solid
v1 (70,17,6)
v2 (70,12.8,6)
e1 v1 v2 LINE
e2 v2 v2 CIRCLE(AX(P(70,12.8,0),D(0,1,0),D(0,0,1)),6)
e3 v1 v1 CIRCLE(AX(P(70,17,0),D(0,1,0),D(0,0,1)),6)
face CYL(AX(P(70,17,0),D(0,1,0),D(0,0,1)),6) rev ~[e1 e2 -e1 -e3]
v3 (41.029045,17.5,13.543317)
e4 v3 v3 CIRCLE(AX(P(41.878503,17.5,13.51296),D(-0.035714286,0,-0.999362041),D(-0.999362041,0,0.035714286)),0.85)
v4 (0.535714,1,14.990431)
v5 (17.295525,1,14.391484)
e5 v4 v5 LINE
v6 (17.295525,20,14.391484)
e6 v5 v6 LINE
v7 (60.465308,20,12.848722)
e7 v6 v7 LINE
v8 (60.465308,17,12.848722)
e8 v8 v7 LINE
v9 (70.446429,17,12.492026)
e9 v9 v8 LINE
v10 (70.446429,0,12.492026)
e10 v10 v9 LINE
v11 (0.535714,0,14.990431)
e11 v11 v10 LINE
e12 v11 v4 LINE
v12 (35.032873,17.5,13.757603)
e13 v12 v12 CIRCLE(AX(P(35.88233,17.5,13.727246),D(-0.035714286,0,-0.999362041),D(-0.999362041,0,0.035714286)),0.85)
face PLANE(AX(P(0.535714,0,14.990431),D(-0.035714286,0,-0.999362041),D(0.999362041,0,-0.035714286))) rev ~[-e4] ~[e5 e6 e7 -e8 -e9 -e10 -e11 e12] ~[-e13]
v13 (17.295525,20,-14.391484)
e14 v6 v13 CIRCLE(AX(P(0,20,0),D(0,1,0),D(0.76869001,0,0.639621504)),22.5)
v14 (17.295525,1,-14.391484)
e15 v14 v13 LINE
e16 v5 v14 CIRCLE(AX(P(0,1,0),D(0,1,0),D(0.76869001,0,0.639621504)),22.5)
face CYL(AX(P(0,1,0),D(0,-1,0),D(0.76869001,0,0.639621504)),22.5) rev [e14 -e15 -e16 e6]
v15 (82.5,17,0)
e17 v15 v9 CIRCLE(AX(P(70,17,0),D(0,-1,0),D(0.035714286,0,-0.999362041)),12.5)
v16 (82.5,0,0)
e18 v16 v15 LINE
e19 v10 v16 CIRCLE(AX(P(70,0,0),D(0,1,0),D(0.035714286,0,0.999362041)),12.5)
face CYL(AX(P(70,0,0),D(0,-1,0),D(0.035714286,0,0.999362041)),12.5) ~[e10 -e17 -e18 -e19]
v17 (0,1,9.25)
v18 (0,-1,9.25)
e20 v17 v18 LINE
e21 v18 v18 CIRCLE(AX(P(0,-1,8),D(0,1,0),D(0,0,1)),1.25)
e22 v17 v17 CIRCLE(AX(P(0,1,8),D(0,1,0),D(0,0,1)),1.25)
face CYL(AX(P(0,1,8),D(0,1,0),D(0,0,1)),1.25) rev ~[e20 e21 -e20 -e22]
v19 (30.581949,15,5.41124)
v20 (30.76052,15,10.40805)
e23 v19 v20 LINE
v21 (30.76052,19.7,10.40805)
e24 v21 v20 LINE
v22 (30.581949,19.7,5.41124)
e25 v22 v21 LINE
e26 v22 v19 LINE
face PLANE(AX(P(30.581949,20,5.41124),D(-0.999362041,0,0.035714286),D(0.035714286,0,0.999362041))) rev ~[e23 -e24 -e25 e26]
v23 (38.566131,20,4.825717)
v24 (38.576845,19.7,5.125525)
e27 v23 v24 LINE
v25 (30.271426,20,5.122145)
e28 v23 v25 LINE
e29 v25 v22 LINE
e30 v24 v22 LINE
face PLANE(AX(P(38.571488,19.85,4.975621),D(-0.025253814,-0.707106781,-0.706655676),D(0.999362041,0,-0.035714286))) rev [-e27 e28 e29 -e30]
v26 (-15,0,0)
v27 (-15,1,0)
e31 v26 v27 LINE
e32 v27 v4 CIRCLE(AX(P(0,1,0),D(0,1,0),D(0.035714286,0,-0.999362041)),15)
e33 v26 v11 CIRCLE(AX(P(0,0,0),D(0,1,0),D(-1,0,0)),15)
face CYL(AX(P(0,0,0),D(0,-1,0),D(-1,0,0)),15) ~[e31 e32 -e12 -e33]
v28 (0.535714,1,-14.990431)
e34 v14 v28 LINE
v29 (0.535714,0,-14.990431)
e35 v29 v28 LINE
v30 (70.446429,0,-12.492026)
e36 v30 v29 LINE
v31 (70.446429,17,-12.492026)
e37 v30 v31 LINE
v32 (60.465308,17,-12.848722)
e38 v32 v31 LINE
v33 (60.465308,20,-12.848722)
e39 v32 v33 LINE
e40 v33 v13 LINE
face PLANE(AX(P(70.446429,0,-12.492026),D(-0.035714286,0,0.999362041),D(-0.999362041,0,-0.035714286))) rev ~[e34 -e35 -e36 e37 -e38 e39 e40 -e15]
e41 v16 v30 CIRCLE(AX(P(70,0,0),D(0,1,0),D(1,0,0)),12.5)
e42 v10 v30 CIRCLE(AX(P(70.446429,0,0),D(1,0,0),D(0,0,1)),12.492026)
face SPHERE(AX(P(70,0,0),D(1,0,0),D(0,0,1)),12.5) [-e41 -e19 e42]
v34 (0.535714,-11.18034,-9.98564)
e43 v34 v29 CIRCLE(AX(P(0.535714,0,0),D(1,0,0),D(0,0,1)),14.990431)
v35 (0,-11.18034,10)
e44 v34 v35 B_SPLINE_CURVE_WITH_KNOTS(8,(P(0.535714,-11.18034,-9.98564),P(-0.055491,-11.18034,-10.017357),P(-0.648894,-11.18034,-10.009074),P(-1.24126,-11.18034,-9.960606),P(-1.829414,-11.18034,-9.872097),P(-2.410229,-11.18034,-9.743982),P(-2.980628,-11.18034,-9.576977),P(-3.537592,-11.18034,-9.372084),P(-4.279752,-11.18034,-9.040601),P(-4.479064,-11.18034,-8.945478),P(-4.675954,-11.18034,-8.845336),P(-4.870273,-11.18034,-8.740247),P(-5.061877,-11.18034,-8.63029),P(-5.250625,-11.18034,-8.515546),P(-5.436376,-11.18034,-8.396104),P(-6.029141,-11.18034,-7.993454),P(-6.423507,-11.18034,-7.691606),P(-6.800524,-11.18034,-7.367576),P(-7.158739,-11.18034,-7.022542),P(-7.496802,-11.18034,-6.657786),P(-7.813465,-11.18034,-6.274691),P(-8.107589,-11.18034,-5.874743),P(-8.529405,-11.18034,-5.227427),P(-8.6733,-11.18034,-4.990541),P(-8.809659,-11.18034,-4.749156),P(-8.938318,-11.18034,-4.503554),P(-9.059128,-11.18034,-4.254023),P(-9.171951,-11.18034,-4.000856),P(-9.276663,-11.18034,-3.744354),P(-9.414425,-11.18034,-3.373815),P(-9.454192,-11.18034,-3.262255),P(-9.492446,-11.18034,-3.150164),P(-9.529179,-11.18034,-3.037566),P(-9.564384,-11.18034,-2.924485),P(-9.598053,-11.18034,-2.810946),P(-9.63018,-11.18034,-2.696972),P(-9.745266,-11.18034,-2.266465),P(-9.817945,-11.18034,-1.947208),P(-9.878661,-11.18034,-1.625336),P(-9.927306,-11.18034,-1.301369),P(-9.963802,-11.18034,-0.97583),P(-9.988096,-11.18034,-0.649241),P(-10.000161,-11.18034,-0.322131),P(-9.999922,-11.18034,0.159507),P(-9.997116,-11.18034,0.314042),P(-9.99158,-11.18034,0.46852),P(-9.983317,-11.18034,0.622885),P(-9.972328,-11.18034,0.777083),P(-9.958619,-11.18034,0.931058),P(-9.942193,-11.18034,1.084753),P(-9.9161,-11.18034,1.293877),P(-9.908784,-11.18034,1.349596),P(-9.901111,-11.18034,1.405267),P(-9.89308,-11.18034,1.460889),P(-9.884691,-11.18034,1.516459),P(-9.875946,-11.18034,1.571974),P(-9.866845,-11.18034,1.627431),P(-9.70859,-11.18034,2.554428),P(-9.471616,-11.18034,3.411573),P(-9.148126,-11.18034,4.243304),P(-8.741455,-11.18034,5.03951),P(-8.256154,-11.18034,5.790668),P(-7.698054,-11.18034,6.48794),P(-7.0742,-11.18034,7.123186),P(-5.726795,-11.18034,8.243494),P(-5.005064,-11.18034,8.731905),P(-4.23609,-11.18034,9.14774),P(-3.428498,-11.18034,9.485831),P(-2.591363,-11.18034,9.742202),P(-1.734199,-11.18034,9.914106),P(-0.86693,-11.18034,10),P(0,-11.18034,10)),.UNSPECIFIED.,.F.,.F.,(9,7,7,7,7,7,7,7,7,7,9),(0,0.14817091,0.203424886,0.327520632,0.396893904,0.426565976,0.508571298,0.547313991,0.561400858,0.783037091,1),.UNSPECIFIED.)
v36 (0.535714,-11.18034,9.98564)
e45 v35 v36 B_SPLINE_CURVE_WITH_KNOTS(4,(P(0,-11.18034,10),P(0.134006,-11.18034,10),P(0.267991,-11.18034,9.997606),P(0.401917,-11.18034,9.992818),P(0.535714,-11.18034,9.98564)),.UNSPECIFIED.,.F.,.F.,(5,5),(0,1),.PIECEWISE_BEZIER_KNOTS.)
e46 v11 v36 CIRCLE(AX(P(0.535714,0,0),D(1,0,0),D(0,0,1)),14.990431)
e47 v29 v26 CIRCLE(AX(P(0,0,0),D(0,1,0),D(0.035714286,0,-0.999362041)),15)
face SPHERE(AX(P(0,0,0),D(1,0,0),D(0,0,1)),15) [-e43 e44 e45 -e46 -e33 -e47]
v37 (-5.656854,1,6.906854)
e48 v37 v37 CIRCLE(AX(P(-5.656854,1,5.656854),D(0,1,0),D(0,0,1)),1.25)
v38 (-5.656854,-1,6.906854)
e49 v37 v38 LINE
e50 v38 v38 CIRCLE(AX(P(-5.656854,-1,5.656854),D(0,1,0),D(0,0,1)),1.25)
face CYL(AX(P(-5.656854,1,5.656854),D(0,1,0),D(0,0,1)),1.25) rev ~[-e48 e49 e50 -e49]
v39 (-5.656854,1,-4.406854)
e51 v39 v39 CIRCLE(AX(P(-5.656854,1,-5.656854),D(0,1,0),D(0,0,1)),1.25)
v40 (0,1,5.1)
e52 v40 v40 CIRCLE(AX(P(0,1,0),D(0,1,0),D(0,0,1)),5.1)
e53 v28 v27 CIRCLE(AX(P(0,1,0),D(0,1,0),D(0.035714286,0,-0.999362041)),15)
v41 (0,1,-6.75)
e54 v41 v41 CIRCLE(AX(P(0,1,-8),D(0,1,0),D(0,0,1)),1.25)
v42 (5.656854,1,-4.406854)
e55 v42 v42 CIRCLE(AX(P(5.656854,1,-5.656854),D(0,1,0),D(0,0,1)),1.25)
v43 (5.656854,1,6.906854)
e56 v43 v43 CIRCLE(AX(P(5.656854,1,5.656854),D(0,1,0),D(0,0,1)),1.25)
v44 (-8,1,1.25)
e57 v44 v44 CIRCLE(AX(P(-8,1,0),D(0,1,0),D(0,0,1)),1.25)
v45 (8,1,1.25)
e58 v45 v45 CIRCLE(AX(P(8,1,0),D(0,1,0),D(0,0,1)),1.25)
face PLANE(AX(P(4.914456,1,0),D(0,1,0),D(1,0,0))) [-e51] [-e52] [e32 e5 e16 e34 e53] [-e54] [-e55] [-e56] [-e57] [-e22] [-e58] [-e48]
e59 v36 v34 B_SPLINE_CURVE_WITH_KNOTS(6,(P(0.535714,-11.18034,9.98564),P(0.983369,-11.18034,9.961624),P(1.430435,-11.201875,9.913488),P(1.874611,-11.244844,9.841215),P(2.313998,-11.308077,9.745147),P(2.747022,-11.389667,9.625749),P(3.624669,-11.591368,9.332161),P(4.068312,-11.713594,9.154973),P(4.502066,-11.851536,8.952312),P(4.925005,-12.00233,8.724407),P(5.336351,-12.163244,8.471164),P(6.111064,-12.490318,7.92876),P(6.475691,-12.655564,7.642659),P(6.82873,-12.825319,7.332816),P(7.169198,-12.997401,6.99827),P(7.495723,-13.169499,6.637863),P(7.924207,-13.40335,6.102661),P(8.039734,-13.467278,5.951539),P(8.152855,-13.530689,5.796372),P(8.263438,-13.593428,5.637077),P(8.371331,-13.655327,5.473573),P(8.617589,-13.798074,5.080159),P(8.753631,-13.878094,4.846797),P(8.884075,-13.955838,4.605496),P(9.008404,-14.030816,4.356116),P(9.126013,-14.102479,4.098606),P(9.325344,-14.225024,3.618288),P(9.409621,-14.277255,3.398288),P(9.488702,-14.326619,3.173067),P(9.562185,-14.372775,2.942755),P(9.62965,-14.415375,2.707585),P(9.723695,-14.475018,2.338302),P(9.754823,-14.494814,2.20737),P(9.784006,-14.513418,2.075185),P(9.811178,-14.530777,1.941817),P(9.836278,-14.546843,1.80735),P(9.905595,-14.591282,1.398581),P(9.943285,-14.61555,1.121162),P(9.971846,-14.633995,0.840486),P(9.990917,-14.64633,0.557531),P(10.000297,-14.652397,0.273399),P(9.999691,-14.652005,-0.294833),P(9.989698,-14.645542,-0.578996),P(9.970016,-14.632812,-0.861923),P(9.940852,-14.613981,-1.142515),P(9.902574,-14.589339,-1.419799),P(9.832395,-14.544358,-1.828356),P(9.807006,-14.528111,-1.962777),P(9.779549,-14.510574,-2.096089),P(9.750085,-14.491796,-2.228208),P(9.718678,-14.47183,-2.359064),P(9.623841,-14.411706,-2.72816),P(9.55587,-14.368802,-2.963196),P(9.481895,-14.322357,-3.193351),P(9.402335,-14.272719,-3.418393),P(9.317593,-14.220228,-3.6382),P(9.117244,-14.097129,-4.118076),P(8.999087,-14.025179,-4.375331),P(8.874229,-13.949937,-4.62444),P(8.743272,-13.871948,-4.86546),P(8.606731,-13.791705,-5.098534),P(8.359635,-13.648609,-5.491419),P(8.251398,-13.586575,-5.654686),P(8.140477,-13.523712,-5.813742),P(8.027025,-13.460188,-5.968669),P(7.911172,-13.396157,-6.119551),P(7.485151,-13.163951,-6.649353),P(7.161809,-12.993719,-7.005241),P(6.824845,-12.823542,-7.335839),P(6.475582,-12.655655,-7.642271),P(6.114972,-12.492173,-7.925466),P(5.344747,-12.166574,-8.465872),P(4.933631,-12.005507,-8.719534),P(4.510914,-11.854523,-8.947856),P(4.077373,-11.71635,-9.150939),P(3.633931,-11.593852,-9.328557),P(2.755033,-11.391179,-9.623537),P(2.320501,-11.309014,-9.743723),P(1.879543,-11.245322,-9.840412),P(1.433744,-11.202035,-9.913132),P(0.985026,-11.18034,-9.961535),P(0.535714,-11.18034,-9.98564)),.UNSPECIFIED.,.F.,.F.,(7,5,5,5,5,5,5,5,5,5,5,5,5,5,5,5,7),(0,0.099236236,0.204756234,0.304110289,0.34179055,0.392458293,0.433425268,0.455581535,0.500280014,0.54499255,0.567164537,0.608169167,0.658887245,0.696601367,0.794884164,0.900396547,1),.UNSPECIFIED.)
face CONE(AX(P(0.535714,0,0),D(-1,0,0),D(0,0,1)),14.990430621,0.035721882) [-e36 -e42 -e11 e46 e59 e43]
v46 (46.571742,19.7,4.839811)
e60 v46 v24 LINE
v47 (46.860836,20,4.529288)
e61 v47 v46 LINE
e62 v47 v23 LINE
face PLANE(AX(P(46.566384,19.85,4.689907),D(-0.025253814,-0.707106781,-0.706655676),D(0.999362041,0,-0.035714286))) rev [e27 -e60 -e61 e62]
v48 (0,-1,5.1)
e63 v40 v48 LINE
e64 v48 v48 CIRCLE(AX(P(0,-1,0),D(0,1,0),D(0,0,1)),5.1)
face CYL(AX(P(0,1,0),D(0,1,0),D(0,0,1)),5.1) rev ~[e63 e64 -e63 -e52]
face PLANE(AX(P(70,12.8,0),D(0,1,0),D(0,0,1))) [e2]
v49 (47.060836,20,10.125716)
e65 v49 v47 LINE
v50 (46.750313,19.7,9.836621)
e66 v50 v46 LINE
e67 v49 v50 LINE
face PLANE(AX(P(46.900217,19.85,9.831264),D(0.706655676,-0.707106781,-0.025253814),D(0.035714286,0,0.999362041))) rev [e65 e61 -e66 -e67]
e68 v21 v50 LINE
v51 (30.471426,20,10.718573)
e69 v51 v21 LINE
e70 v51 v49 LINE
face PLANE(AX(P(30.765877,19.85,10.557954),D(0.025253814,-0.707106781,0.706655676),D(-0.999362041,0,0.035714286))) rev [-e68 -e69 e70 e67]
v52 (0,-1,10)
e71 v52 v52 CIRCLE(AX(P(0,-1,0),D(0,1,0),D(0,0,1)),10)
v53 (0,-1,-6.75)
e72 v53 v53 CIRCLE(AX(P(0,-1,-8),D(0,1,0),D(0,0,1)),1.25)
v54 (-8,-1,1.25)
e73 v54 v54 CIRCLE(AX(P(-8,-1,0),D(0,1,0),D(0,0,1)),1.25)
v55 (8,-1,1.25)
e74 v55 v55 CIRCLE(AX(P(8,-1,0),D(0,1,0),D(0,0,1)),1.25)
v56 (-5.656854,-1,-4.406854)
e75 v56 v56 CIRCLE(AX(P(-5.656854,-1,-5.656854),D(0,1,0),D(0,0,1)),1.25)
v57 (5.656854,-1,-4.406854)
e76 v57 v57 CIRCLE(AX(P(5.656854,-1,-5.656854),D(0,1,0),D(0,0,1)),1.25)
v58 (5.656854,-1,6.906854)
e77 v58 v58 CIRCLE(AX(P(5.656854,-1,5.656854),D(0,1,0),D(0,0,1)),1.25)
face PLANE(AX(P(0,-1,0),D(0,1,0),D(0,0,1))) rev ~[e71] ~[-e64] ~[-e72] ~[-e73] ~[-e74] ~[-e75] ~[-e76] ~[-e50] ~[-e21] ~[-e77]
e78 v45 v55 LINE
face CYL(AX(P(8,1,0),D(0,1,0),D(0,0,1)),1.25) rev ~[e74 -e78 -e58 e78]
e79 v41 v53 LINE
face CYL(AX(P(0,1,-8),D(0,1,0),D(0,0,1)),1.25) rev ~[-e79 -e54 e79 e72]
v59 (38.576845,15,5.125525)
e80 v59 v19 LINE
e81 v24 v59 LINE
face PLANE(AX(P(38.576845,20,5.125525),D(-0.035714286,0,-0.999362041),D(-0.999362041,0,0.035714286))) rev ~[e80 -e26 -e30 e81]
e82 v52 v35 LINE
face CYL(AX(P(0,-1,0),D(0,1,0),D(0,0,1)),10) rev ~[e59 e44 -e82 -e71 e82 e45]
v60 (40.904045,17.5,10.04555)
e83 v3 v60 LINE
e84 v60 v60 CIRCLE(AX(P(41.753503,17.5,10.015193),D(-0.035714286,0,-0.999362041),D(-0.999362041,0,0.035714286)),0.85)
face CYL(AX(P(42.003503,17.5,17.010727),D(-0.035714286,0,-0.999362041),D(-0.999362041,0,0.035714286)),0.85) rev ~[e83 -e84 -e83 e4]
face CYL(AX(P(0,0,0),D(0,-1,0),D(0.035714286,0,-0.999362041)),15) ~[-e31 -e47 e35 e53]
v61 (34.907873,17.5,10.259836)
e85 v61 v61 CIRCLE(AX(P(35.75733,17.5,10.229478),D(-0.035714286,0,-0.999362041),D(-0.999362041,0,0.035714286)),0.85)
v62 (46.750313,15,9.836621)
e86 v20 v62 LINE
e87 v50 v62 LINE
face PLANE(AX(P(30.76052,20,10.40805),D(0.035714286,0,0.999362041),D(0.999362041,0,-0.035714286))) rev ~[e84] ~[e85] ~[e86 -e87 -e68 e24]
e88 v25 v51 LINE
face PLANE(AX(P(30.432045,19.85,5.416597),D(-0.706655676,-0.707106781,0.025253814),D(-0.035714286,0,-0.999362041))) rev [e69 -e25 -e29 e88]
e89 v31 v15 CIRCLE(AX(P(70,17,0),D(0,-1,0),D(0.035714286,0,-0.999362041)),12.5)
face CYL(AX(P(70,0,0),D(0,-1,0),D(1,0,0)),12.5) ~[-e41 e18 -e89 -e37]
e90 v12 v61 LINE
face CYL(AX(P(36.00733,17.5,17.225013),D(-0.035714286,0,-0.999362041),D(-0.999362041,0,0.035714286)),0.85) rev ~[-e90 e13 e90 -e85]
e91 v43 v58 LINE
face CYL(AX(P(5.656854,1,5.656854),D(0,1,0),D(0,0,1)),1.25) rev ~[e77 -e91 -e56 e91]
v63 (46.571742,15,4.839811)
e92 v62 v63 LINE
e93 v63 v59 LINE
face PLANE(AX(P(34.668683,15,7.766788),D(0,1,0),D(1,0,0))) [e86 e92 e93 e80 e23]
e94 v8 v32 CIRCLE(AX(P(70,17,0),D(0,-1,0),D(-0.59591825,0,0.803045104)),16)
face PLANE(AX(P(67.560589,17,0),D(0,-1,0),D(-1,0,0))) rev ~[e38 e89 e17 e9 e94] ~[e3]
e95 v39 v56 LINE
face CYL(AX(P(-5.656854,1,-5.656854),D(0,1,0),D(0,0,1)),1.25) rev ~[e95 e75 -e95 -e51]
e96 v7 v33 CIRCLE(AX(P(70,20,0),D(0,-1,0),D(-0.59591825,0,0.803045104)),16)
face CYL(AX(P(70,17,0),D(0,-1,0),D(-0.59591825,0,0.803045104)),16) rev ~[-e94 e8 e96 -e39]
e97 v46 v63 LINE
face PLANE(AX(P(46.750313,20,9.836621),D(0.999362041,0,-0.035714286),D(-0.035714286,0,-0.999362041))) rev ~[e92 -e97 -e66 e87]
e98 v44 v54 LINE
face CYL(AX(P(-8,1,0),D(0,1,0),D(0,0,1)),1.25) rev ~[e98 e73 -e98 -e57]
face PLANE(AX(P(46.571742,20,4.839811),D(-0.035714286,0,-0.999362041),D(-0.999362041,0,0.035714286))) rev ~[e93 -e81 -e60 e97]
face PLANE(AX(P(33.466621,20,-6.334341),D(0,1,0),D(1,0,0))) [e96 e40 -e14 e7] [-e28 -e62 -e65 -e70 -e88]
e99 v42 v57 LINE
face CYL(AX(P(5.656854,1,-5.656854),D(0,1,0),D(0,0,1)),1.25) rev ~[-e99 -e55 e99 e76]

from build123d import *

# Parameters (mm, degrees)
EXTRUDE_1_DEPTH     = 20
REVOLVE_1_ANGLE     = 180
CUT_EXTRUDE_START   = -19
CUT_EXTRUDE_1_DEPTH = 19
SKETCH_5_R          = 10
CUT_EXTRUDE_2_DEPTH = 87.442177205
SKETCH_4_R          = 1.25
SKETCH_4_R_2        = 5.1
CUT_EXTRUDE_3_DEPTH = 86.97819491
CUT_EXTRUDE_START_2 = -3
CUT_EXTRUDE_5_DEPTH = 3
SKETCH_6_R          = 6
CUT_EXTRUDE_4_DEPTH = 4.2
CUT_EXTRUDE_6_DEPTH = 5
HOLE_WIZARD_1_D     = 1.7
HOLE_WIZARD_1_DEPTH = 3.5
CHAMFER_1_SIZE      = 0.3


with BuildPart() as part:
    # 草图2 → 凸台-拉伸1 (new body)
    with BuildSketch(Plane(origin=(0, 0, 0), x_dir=(1, 0, 0), z_dir=(0, 1, 0))):
        with BuildLine():
            Line((70.446428571, 12.492025518), (0.535714286, 14.990430621))
            ThreePointArc((0.535714286, 14.990430621), (-10.415476122, 10.794343757), (-15, 0))
            Line((-15, 0), (82.5, 0))
            ThreePointArc((82.5, 0), (78.995286464, 8.679563435), (70.446428571, 12.492025518))
        make_face()
        with BuildLine():
            Line((82.5, 0), (-15, 0))
            ThreePointArc((-15, 0), (-10.415476122, -10.794343757), (0.535714286, -14.990430621))
            Line((0.535714286, -14.990430621), (70.446428571, -12.492025518))
            ThreePointArc((70.446428571, -12.492025518), (78.995286464, -8.679563435), (82.5, 0))
        make_face()
    extrude(amount=EXTRUDE_1_DEPTH)

    # 草图1 → 旋转1 (revolve)
    with BuildSketch(Plane(origin=(0, 0, 0), x_dir=(1, 0, 0), z_dir=(0, 1, 0))):
        with BuildLine():
            Line((0.535714286, -14.990430621), (70.446428571, -12.492025518))
            ThreePointArc((70.446428571, -12.492025518), (78.995286464, -8.679563435), (82.5, 0))
            Line((82.5, 0), (-15, 0))
            ThreePointArc((-15, 0), (-10.415476122, -10.794343757), (0.535714286, -14.990430621))
        make_face()
    revolve(axis=Axis((70, 0, 0), (1, 0, 0)), revolution_arc=REVOLVE_1_ANGLE)

    # 草图3 → 切除-拉伸1 (cut)
    with BuildSketch(Plane(origin=(0, 20, 0), x_dir=(1, 0, 0), z_dir=(0, 1, 0)).offset(CUT_EXTRUDE_START)):
        with BuildLine():
            Line((17.295525226, 14.391483841), (0.535714286, 14.990430621))
            ThreePointArc((0.535714286, 14.990430621), (-15, 0), (0.535714286, -14.990430621))
            Line((0.535714286, -14.990430621), (17.295525226, -14.391483841))
            ThreePointArc((17.295525226, -14.391483841), (22.5, 0), (17.295525226, 14.391483841))
        make_face()
    extrude(amount=CUT_EXTRUDE_1_DEPTH, mode=Mode.SUBTRACT)

    # 草图5 → 切除-拉伸2 (cut, through all)
    with BuildSketch(Plane(origin=(0, -1, 0), x_dir=(1, 0, 0), z_dir=(0, 1, 0))):
        with Locations(Location((0, 0, 0), (0, 0, 270))):
            Circle(SKETCH_5_R)
    extrude(amount=-CUT_EXTRUDE_2_DEPTH, mode=Mode.SUBTRACT)

    # 草图4 → 切除-拉伸3 (cut, through all)
    with BuildSketch(Plane(origin=(0, 1, 0), x_dir=(1, 0, 0), z_dir=(0, 1, 0))):
        with Locations(Location((8, 0, 0), (0, 0, 270))):
            Circle(SKETCH_4_R)
        with Locations(Location((5.656854249, -5.656854249, 0), (0, 0, 270))):
            Circle(SKETCH_4_R)
        with Locations(Location((0, -8, 0), (0, 0, 270))):
            Circle(SKETCH_4_R)
        with Locations(Location((-5.656854249, -5.656854249, 0), (0, 0, 270))):
            Circle(SKETCH_4_R)
        with Locations(Location((-8, 0, 0), (0, 0, 270))):
            Circle(SKETCH_4_R)
        with Locations(Location((-5.656854249, 5.656854249, 0), (0, 0, 270))):
            Circle(SKETCH_4_R)
        with Locations(Location((0, 8, 0), (0, 0, 270))):
            Circle(SKETCH_4_R)
        with Locations(Location((5.656854249, 5.656854249, 0), (0, 0, 270))):
            Circle(SKETCH_4_R)
        with Locations(Location((0, 0, 0), (0, 0, 270))):
            Circle(SKETCH_4_R_2)
    extrude(amount=-CUT_EXTRUDE_3_DEPTH, mode=Mode.SUBTRACT)

    # 草图11 → 切除-拉伸5 (cut)
    with BuildSketch(Plane(origin=(0, 20, 0), x_dir=(1, 0, 0), z_dir=(0, 1, 0)).offset(CUT_EXTRUDE_START_2)):
        with BuildLine():
            Line((60.465308, 12.848721667), (70.446428571, 12.492025518))
            ThreePointArc((70.446428571, 12.492025518), (82.5, 0), (70.446428571, -12.492025518))
            Line((70.446428571, -12.492025518), (60.465308, -12.848721667))
            ThreePointArc((60.465308, -12.848721667), (54, 0), (60.465308, 12.848721667))
        make_face()
    extrude(amount=CUT_EXTRUDE_5_DEPTH, mode=Mode.SUBTRACT)

    # 草图6 → 切除-拉伸4 (cut)
    with BuildSketch(Plane(origin=(0, 17, 0), x_dir=(1, 0, 0), z_dir=(0, 1, 0))):
        with Locations(Location((70, 0, 0), (0, 0, 270))):
            Circle(SKETCH_6_R)
    extrude(amount=-CUT_EXTRUDE_4_DEPTH, mode=Mode.SUBTRACT)

    # 草图12 → 切除-拉伸6 (cut)
    with BuildSketch(Plane(origin=(0, 20, 0), x_dir=(1, 0, 0), z_dir=(0, 1, 0))):
        Polygon((30.581948853, -5.411239688), (30.760520282, -10.408049895), (38.755416613, -10.122335609), (38.576845185, -5.125525402), align=None)
        Polygon((38.576845185, -5.125525402), (38.755416613, -10.122335609), (46.750312944, -9.836621323), (46.571741516, -4.839811116), align=None)
    extrude(amount=-CUT_EXTRUDE_6_DEPTH, mode=Mode.SUBTRACT)

    # 孔1
    with Locations(Plane(origin=(0.535714286, 0, 14.990430621), x_dir=(0.9993620414023731, 0, -0.035714285714285726), z_dir=(0.035714285714285726, 0, 0.9993620414023731))):
        with Locations((35.369180276, 17.5), (41.369180276, 17.5)):
            Hole(HOLE_WIZARD_1_D / 2, depth=HOLE_WIZARD_1_DEPTH)

    # 倒角1
    chamfer_1_edges = [part.edges().sort_by_distance(p)[0] for p in [
        (38.755416613, 20, 10.122335609),
        (46.66102723, 20, 7.33821622),
        (38.576845185, 20, 5.125525402),
        (30.671234568, 20, 7.909644791),
    ]]
    chamfer(chamfer_1_edges, length=CHAMFER_1_SIZE)


solid = part.part
